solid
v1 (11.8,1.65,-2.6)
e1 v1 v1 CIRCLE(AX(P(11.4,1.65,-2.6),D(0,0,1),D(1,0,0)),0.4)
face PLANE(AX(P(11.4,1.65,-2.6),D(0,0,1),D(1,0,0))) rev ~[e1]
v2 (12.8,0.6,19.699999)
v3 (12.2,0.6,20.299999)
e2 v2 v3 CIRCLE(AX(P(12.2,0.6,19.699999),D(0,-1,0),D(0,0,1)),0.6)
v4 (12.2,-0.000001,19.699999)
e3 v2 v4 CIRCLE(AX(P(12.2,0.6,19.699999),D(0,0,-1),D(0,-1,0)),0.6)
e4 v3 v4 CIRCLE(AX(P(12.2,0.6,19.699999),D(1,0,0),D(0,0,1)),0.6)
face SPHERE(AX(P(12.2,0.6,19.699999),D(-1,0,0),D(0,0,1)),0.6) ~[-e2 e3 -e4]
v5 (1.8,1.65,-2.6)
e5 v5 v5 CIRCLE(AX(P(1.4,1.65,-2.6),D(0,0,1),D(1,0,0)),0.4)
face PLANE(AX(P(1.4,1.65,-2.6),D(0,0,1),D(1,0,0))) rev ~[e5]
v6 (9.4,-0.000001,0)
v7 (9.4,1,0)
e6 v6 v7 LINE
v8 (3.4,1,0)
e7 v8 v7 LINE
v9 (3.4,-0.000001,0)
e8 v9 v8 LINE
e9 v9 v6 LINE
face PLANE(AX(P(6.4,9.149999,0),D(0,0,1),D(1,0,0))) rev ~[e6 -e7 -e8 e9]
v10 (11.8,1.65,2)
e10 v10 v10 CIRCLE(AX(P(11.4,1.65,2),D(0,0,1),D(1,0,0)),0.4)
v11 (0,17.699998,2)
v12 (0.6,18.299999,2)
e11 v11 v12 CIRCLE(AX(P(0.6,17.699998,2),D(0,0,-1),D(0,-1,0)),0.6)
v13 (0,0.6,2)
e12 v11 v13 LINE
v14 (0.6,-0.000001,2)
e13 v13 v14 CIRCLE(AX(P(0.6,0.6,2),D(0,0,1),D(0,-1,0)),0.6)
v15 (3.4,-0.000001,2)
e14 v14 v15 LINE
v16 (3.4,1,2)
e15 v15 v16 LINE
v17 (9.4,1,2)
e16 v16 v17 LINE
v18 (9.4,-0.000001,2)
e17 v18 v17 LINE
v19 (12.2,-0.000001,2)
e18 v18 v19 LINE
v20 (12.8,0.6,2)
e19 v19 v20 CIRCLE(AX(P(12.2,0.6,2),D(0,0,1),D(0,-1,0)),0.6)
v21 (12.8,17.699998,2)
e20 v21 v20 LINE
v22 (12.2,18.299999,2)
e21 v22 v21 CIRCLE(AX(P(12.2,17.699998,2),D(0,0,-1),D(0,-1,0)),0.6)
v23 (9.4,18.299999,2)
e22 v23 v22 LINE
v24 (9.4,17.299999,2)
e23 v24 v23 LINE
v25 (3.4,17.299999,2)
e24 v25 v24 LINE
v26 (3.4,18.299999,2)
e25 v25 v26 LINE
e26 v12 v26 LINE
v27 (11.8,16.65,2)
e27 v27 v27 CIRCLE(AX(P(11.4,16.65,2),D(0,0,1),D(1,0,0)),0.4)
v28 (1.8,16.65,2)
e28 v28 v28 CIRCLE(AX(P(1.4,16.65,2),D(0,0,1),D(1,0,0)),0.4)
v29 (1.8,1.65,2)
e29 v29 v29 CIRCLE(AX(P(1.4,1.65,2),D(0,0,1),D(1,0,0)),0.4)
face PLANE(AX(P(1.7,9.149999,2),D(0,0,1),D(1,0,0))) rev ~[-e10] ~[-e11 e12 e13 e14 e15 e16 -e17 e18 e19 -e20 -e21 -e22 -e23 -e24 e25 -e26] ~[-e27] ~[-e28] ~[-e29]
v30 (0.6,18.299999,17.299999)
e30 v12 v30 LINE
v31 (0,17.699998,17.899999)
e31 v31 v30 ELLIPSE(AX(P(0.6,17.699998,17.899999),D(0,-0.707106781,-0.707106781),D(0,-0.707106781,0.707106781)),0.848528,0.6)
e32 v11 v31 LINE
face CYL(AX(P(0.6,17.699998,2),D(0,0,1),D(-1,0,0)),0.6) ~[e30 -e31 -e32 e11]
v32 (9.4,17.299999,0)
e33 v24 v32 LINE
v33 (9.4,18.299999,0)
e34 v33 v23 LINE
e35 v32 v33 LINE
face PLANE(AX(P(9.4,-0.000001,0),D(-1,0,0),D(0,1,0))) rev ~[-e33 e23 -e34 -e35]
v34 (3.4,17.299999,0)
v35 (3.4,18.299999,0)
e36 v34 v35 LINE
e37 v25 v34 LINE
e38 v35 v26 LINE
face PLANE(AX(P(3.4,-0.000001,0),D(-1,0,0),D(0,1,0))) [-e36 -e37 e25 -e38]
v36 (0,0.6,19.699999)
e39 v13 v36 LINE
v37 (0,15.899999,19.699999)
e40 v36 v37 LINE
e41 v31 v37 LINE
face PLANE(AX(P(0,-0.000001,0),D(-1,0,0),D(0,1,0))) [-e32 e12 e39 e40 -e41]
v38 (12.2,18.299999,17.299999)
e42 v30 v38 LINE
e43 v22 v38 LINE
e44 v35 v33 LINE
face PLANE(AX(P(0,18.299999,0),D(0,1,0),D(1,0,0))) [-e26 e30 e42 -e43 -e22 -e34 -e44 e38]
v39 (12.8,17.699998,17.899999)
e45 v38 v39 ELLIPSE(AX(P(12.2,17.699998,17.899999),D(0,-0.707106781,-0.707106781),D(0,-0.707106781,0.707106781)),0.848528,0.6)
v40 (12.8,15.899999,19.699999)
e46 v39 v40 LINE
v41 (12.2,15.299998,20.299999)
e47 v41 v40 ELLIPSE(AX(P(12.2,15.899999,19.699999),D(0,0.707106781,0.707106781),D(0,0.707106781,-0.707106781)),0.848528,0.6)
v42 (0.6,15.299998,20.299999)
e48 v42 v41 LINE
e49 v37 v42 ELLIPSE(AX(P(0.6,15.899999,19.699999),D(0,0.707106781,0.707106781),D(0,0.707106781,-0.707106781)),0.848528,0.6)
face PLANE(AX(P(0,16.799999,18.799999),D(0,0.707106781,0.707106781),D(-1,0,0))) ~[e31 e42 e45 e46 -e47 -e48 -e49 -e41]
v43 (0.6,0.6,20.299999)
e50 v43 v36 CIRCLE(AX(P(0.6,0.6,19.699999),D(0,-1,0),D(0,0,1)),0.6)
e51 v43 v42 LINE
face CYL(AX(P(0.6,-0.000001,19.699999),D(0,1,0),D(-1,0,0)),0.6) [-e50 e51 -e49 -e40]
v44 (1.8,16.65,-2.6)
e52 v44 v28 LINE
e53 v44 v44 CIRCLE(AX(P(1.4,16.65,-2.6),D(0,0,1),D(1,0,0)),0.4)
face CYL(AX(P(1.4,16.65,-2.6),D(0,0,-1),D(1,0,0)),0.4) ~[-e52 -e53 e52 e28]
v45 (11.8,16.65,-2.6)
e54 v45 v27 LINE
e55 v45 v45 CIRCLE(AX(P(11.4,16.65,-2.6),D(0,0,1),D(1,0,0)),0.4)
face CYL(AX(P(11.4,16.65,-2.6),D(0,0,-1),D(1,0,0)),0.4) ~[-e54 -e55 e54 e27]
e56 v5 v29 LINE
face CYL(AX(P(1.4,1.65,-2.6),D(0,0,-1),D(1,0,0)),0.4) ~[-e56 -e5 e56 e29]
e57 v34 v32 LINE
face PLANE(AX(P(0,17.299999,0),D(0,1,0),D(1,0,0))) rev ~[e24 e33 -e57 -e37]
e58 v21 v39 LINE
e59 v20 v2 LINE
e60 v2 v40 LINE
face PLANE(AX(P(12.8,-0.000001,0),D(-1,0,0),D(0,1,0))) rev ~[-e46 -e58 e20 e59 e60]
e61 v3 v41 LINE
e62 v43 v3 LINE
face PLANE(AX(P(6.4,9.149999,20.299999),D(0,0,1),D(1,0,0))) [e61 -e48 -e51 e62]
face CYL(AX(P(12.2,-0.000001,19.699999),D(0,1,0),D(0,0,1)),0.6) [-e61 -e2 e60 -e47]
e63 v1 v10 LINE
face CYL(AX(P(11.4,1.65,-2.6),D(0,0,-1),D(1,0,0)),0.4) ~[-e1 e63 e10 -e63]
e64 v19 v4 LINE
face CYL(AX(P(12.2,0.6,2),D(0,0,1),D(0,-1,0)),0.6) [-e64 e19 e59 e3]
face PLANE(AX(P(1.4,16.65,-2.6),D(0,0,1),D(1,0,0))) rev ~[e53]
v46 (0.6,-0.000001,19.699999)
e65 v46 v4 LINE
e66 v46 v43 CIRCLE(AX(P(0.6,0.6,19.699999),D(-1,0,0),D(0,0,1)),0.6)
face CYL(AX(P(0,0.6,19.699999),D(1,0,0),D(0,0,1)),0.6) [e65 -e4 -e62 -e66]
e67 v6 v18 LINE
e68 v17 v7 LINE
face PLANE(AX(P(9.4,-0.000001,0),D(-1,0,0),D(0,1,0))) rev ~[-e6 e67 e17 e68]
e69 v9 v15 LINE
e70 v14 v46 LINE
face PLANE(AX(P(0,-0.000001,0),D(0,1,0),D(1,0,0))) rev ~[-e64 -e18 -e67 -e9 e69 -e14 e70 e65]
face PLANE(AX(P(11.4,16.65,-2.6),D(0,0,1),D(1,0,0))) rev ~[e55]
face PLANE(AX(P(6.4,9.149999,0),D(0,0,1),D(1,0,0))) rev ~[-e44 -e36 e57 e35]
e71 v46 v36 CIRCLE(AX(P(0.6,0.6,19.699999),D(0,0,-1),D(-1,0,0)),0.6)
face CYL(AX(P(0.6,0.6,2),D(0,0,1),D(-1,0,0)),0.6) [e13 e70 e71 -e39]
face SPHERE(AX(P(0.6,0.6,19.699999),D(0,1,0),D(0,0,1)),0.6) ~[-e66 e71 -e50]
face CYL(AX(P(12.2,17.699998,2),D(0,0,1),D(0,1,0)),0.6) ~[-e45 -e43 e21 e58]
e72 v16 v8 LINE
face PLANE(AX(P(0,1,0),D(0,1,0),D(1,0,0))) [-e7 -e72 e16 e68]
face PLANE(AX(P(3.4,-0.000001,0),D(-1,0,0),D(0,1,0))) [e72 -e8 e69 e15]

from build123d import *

# Parameters (mm, degrees)
CYLINDER_R        = 0.4
CYLINDER_DEPTH    = 4.6
CYLINDER001_R     = 0.4
CYLINDER001_DEPTH = 4.6
CYLINDER002_R     = 0.4
CYLINDER002_DEPTH = 4.6
CYLINDER003_R     = 0.4
CYLINDER003_DEPTH = 4.6
BOX003_W          = 12.8
BOX003_H          = 16.299999
BOX003_DEPTH      = 2
BOX002_W          = 3.4
BOX002_H          = 18.299999
BOX002_DEPTH      = 2
BOX001_W          = 3.4
BOX001_H          = 18.299999
BOX001_DEPTH      = 2
BOX_W             = 12.8
BOX_H             = 18.299999
BOX_DEPTH         = 20.299999
CHAMFER_SIZE      = 3
FILLET_R          = 0.6


with BuildPart() as pin4:
    # Cylinder → Cylinder (new body)
    with BuildSketch(Plane(origin=(1.4, 1.65, -2.6), x_dir=(1, 0, 0), z_dir=(0, 0, 1))):
        Circle(CYLINDER_R)
    extrude(amount=CYLINDER_DEPTH)


with BuildPart() as pin3:
    # Cylinder001 → Cylinder001 (new body)
    with BuildSketch(Plane(origin=(11.4, 1.65, -2.6), x_dir=(1, 0, 0), z_dir=(0, 0, 1))):
        Circle(CYLINDER001_R)
    extrude(amount=CYLINDER001_DEPTH)


with BuildPart() as pin2:
    # Cylinder002 → Cylinder002 (new body)
    with BuildSketch(Plane(origin=(11.4, 16.65, -2.6), x_dir=(1, 0, 0), z_dir=(0, 0, 1))):
        Circle(CYLINDER002_R)
    extrude(amount=CYLINDER002_DEPTH)


with BuildPart() as pin1:
    # Cylinder003 → Cylinder003 (new body)
    with BuildSketch(Plane(origin=(1.4, 16.65, -2.6), x_dir=(1, 0, 0), z_dir=(0, 0, 1))):
        Circle(CYLINDER003_R)
    extrude(amount=CYLINDER003_DEPTH)


with BuildPart() as box003:
    # Box003 → Box003 (new body)
    with BuildSketch(Plane(origin=(0, 1, 0), x_dir=(1, 0, 0), z_dir=(0, 0, 1))):
        with Locations((6.4, 8.149999)):
            Rectangle(BOX003_W, BOX003_H)
    extrude(amount=BOX003_DEPTH)


with BuildPart() as right_cutout:
    # Box002 → Box002 (new body)
    with BuildSketch(Plane(origin=(9.4, 0, 0), x_dir=(1, 0, 0), z_dir=(0, 0, 1))):
        with Locations((1.7, 9.149999)):
            Rectangle(BOX002_W, BOX002_H)
    extrude(amount=BOX002_DEPTH)


with BuildPart() as left_cutout:
    # Box001 → Box001 (new body)
    with BuildSketch(Plane.XY):
        with Locations((1.7, 9.149999)):
            Rectangle(BOX001_W, BOX001_H)
    extrude(amount=BOX001_DEPTH)


with BuildPart() as rn212:
    # Box → Box (new body)
    with BuildSketch(Plane.XY):
        with Locations((6.4, 9.149999)):
            Rectangle(BOX_W, BOX_H)
    extrude(amount=BOX_DEPTH)

    # Cut: cut left_cutout
    add(left_cutout.part, mode=Mode.SUBTRACT)

    # Cut001: cut right_cutout
    add(right_cutout.part, mode=Mode.SUBTRACT)

    # Cut002: cut Box003
    add(box003.part, mode=Mode.SUBTRACT)

    # Chamfer
    chamfer_edges = [rn212.edges().sort_by_distance(p)[0] for p in [
        (6.4, 18.299999, 20.299999),
    ]]
    chamfer(chamfer_edges, length=CHAMFER_SIZE)

    # Fillet
    fillet_edges = [rn212.edges().sort_by_distance(p)[0] for p in [
        (0, 7.65, 20.299999),
        (6.4, 0, 20.299999),
        (12.8, 7.65, 20.299999),
        (0, 0, 11.15),
        (0, 18.299999, 9.65),
        (12.8, 0, 11.15),
        (12.8, 18.299999, 9.65),
    ]]
    fillet(fillet_edges, radius=FILLET_R)

    # Fusion: union Pin4, Pin3, Pin2, Pin1
    add(pin4.part)
    add(pin3.part)
    add(pin2.part)
    add(pin1.part)


solid = rn212.part
